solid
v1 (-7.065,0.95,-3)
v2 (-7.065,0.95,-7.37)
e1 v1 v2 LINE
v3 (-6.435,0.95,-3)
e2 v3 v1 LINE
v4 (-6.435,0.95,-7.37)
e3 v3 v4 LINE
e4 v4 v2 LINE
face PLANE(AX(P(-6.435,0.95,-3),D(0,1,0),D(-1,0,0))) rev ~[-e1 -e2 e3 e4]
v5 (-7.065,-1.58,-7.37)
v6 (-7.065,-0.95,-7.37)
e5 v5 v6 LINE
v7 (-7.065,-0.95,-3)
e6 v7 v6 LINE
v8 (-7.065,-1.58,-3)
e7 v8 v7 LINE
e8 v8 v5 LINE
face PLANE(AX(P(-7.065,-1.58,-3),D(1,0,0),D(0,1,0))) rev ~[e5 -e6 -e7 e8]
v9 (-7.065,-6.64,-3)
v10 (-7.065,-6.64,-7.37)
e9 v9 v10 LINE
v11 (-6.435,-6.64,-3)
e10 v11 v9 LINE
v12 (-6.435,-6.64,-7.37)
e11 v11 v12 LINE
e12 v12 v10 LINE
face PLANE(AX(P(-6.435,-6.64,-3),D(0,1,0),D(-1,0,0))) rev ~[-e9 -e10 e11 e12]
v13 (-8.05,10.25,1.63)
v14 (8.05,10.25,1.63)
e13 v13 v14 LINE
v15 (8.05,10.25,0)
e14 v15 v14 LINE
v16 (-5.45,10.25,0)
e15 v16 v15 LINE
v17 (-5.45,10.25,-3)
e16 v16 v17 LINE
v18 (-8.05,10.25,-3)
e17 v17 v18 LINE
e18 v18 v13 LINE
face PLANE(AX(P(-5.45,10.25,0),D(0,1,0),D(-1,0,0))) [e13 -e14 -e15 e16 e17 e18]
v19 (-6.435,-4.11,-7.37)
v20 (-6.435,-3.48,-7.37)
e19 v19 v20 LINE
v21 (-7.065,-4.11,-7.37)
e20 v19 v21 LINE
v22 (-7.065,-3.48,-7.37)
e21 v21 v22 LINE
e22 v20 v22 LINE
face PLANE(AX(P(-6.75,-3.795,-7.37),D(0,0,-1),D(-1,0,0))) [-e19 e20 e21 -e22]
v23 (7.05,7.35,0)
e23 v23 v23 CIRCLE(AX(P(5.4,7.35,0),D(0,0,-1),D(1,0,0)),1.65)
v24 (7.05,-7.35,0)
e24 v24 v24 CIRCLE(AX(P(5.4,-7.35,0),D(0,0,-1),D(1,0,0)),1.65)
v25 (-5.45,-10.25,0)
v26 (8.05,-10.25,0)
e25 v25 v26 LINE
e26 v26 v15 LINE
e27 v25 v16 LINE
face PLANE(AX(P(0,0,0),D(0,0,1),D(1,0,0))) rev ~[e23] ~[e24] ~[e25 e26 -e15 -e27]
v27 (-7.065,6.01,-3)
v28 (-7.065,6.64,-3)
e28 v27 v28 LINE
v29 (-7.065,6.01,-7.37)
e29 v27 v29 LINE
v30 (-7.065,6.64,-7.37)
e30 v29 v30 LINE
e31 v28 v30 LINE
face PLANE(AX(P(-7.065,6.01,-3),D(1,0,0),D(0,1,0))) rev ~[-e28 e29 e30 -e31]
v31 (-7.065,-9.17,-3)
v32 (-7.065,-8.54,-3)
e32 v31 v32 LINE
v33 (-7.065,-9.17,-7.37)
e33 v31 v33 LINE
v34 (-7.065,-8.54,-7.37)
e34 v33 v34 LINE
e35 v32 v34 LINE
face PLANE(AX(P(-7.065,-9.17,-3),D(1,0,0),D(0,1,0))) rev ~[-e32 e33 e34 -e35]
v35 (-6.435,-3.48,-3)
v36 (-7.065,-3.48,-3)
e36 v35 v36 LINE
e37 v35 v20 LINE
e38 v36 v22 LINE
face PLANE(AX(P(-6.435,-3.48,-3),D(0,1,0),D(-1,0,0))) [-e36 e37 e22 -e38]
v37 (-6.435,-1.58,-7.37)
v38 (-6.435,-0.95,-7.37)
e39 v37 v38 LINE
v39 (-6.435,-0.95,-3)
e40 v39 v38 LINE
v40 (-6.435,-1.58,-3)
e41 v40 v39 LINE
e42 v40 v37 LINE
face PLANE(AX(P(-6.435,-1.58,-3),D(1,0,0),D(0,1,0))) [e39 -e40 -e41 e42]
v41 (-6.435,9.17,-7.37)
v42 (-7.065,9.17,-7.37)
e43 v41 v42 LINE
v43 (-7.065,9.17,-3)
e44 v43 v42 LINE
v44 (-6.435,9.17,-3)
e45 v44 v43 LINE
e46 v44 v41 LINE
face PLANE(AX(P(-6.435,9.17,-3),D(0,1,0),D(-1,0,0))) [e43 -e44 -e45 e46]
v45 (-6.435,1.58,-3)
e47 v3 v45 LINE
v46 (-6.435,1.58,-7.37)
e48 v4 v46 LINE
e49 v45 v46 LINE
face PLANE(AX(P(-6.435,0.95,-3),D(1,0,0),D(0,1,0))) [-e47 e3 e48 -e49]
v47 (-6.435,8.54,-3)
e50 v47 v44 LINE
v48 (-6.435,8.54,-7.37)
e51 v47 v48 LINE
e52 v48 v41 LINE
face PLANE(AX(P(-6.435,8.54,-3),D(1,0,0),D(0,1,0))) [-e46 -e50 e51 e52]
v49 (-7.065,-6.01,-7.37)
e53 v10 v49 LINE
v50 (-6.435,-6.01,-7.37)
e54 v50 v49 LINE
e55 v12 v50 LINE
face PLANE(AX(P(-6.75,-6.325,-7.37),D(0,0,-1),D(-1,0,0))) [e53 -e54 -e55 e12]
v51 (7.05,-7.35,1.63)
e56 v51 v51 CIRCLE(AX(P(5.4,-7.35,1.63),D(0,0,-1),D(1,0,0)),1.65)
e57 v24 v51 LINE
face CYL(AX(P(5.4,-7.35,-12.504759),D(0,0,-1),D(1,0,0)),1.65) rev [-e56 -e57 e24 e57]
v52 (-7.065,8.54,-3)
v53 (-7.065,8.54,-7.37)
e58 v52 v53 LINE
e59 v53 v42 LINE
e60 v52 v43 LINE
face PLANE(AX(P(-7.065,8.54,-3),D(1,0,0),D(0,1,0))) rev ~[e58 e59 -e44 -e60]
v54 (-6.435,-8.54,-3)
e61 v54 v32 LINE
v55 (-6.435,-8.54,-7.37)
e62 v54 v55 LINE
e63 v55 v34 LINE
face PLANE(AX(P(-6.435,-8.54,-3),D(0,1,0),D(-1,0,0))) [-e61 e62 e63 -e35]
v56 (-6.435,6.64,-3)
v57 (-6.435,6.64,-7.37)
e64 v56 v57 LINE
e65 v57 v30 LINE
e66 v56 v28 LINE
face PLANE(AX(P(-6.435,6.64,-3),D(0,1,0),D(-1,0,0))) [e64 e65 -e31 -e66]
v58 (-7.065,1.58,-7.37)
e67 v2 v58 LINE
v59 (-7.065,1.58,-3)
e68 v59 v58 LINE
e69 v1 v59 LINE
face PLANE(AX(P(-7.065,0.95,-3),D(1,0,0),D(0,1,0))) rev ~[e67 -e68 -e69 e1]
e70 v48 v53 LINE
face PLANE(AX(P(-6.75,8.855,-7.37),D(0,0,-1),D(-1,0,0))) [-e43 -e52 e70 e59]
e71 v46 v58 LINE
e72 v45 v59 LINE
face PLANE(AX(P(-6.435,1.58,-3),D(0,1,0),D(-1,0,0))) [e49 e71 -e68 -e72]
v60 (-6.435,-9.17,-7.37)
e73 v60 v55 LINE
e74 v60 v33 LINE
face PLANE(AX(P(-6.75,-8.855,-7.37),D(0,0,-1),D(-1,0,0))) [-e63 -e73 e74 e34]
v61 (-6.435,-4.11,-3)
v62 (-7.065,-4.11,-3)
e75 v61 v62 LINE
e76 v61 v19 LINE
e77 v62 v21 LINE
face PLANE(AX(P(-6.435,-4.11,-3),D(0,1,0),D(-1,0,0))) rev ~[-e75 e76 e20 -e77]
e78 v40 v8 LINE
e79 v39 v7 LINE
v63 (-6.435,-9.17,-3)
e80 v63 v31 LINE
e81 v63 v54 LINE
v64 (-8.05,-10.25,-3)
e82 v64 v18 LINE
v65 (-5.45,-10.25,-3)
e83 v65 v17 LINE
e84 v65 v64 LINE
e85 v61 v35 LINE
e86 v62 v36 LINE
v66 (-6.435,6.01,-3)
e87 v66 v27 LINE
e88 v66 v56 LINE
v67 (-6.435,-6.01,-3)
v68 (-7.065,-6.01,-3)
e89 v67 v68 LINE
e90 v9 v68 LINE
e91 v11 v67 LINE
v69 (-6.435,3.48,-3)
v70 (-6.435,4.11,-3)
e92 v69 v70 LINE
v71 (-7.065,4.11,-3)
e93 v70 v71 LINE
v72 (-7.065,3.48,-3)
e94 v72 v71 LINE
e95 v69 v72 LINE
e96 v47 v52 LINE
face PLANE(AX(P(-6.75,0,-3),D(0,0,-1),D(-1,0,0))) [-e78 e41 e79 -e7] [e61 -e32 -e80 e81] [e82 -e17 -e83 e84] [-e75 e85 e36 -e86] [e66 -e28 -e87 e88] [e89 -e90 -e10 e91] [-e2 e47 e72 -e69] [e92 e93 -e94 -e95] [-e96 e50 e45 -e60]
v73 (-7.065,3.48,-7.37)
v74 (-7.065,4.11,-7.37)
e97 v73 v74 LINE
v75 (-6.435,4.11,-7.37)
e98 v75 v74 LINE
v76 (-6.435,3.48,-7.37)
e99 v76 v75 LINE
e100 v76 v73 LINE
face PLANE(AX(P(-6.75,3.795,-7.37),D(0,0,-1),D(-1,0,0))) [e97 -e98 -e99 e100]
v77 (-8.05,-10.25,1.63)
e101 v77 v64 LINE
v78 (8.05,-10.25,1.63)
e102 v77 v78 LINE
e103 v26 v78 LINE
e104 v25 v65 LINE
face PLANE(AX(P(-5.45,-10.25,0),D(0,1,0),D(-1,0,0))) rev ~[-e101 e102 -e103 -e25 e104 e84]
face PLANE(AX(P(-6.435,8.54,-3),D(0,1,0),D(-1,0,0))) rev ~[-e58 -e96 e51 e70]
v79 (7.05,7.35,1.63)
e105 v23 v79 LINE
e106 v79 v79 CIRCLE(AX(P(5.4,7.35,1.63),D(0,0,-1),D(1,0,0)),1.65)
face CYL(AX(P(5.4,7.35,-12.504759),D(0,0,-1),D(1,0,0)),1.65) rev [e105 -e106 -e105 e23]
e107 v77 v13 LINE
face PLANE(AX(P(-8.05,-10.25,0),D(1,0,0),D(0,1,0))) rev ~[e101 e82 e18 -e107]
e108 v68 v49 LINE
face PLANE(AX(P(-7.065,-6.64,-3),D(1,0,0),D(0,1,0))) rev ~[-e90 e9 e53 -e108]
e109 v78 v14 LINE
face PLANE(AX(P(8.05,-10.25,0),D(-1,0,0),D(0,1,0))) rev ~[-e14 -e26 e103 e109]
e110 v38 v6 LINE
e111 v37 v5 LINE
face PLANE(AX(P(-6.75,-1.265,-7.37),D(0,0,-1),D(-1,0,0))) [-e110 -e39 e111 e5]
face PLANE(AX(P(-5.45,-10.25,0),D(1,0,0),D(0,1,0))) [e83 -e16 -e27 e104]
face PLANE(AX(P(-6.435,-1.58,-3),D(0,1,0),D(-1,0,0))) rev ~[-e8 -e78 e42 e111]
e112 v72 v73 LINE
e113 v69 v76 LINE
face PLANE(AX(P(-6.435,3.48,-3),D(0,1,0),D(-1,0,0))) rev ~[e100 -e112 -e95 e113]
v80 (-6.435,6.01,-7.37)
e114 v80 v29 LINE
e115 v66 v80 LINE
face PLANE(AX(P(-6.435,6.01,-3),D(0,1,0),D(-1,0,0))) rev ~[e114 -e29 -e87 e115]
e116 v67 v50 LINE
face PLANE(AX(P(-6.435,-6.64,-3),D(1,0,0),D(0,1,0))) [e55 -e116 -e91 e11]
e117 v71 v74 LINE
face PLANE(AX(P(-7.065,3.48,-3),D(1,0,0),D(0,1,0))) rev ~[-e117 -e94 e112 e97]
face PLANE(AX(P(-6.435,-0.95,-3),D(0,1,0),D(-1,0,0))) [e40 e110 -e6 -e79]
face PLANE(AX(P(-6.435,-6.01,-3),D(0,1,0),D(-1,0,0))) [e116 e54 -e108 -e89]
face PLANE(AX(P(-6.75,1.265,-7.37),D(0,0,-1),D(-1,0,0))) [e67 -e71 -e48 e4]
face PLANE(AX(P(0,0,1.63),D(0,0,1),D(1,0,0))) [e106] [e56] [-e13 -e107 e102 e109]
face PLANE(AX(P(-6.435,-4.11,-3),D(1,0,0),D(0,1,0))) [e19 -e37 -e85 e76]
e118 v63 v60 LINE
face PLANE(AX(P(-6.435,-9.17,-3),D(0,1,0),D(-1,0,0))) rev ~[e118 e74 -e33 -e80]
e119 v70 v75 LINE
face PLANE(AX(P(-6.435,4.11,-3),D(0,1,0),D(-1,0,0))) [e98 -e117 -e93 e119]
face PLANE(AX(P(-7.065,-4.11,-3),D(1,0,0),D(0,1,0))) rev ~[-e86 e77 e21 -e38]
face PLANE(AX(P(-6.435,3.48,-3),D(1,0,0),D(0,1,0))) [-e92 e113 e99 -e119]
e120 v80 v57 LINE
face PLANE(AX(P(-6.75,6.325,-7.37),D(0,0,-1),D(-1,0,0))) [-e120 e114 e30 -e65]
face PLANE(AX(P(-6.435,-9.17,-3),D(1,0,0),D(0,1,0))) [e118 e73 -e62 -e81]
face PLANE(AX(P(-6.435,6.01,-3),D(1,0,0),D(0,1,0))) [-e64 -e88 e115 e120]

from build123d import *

# Parameters (mm, degrees)
SKETCH1_W               = 16.1
SKETCH1_H               = 20.5
BOSS_EXTRUDE1_DEPTH     = 1.63
CUT_EXTRUDE1_DEPTH      = 14.134759229
CUT_EXTRUDE1_DEPTH_BACK = 14.134759229
SKETCH2_R               = 1.65
SKETCH3_W               = 2.6
SKETCH3_H               = 20.5
BOSS_EXTRUDE2_DEPTH     = 3
SKETCH4_W               = 0.63
SKETCH4_H               = 0.63
BOSS_EXTRUDE3_DEPTH     = 4.37


with BuildPart() as part:
    # Sketch1 → Boss-Extrude1 (new body)
    with BuildSketch(Plane.XY):
        Rectangle(SKETCH1_W, SKETCH1_H)
    extrude(amount=BOSS_EXTRUDE1_DEPTH)

    # Sketch2 → Cut-Extrude1 (cut, two sides: drawn at the far end of the back side and taken through both)
    with BuildSketch(Plane.XY.offset(1.63).offset(-CUT_EXTRUDE1_DEPTH_BACK)):
        with Locations((5.4, 7.35)):
            Circle(SKETCH2_R)
        with Locations((5.4, -7.35)):
            Circle(SKETCH2_R)
    extrude(amount=CUT_EXTRUDE1_DEPTH + CUT_EXTRUDE1_DEPTH_BACK, mode=Mode.SUBTRACT)

    # Sketch3 → Boss-Extrude2 (add)
    with BuildSketch(Plane(origin=(0, 0, 0), x_dir=(-1, 0, 0), z_dir=(0, 0, -1))):
        with Locations((6.75, 0)):
            Rectangle(SKETCH3_W, SKETCH3_H)
    extrude(amount=BOSS_EXTRUDE2_DEPTH)

    # Sketch4 → Boss-Extrude3 (add)
    with BuildSketch(Plane(origin=(0, 0, -3), x_dir=(-1, 0, 0), z_dir=(0, 0, -1))):
        with Locations((6.75, 8.855)):
            Rectangle(SKETCH4_W, SKETCH4_H)
        with Locations((6.75, 6.325)):
            Rectangle(SKETCH4_W, SKETCH4_H)
        with Locations((6.75, 3.795)):
            Rectangle(SKETCH4_W, SKETCH4_H)
        with Locations((6.75, 1.265)):
            Rectangle(SKETCH4_W, SKETCH4_H)
        with Locations((6.75, -1.265)):
            Rectangle(SKETCH4_W, SKETCH4_H)
        with Locations((6.75, -3.795)):
            Rectangle(SKETCH4_W, SKETCH4_H)
        with Locations((6.75, -6.325)):
            Rectangle(SKETCH4_W, SKETCH4_H)
        with Locations((6.75, -8.855)):
            Rectangle(SKETCH4_W, SKETCH4_H)
    extrude(amount=BOSS_EXTRUDE3_DEPTH)


solid = part.part
